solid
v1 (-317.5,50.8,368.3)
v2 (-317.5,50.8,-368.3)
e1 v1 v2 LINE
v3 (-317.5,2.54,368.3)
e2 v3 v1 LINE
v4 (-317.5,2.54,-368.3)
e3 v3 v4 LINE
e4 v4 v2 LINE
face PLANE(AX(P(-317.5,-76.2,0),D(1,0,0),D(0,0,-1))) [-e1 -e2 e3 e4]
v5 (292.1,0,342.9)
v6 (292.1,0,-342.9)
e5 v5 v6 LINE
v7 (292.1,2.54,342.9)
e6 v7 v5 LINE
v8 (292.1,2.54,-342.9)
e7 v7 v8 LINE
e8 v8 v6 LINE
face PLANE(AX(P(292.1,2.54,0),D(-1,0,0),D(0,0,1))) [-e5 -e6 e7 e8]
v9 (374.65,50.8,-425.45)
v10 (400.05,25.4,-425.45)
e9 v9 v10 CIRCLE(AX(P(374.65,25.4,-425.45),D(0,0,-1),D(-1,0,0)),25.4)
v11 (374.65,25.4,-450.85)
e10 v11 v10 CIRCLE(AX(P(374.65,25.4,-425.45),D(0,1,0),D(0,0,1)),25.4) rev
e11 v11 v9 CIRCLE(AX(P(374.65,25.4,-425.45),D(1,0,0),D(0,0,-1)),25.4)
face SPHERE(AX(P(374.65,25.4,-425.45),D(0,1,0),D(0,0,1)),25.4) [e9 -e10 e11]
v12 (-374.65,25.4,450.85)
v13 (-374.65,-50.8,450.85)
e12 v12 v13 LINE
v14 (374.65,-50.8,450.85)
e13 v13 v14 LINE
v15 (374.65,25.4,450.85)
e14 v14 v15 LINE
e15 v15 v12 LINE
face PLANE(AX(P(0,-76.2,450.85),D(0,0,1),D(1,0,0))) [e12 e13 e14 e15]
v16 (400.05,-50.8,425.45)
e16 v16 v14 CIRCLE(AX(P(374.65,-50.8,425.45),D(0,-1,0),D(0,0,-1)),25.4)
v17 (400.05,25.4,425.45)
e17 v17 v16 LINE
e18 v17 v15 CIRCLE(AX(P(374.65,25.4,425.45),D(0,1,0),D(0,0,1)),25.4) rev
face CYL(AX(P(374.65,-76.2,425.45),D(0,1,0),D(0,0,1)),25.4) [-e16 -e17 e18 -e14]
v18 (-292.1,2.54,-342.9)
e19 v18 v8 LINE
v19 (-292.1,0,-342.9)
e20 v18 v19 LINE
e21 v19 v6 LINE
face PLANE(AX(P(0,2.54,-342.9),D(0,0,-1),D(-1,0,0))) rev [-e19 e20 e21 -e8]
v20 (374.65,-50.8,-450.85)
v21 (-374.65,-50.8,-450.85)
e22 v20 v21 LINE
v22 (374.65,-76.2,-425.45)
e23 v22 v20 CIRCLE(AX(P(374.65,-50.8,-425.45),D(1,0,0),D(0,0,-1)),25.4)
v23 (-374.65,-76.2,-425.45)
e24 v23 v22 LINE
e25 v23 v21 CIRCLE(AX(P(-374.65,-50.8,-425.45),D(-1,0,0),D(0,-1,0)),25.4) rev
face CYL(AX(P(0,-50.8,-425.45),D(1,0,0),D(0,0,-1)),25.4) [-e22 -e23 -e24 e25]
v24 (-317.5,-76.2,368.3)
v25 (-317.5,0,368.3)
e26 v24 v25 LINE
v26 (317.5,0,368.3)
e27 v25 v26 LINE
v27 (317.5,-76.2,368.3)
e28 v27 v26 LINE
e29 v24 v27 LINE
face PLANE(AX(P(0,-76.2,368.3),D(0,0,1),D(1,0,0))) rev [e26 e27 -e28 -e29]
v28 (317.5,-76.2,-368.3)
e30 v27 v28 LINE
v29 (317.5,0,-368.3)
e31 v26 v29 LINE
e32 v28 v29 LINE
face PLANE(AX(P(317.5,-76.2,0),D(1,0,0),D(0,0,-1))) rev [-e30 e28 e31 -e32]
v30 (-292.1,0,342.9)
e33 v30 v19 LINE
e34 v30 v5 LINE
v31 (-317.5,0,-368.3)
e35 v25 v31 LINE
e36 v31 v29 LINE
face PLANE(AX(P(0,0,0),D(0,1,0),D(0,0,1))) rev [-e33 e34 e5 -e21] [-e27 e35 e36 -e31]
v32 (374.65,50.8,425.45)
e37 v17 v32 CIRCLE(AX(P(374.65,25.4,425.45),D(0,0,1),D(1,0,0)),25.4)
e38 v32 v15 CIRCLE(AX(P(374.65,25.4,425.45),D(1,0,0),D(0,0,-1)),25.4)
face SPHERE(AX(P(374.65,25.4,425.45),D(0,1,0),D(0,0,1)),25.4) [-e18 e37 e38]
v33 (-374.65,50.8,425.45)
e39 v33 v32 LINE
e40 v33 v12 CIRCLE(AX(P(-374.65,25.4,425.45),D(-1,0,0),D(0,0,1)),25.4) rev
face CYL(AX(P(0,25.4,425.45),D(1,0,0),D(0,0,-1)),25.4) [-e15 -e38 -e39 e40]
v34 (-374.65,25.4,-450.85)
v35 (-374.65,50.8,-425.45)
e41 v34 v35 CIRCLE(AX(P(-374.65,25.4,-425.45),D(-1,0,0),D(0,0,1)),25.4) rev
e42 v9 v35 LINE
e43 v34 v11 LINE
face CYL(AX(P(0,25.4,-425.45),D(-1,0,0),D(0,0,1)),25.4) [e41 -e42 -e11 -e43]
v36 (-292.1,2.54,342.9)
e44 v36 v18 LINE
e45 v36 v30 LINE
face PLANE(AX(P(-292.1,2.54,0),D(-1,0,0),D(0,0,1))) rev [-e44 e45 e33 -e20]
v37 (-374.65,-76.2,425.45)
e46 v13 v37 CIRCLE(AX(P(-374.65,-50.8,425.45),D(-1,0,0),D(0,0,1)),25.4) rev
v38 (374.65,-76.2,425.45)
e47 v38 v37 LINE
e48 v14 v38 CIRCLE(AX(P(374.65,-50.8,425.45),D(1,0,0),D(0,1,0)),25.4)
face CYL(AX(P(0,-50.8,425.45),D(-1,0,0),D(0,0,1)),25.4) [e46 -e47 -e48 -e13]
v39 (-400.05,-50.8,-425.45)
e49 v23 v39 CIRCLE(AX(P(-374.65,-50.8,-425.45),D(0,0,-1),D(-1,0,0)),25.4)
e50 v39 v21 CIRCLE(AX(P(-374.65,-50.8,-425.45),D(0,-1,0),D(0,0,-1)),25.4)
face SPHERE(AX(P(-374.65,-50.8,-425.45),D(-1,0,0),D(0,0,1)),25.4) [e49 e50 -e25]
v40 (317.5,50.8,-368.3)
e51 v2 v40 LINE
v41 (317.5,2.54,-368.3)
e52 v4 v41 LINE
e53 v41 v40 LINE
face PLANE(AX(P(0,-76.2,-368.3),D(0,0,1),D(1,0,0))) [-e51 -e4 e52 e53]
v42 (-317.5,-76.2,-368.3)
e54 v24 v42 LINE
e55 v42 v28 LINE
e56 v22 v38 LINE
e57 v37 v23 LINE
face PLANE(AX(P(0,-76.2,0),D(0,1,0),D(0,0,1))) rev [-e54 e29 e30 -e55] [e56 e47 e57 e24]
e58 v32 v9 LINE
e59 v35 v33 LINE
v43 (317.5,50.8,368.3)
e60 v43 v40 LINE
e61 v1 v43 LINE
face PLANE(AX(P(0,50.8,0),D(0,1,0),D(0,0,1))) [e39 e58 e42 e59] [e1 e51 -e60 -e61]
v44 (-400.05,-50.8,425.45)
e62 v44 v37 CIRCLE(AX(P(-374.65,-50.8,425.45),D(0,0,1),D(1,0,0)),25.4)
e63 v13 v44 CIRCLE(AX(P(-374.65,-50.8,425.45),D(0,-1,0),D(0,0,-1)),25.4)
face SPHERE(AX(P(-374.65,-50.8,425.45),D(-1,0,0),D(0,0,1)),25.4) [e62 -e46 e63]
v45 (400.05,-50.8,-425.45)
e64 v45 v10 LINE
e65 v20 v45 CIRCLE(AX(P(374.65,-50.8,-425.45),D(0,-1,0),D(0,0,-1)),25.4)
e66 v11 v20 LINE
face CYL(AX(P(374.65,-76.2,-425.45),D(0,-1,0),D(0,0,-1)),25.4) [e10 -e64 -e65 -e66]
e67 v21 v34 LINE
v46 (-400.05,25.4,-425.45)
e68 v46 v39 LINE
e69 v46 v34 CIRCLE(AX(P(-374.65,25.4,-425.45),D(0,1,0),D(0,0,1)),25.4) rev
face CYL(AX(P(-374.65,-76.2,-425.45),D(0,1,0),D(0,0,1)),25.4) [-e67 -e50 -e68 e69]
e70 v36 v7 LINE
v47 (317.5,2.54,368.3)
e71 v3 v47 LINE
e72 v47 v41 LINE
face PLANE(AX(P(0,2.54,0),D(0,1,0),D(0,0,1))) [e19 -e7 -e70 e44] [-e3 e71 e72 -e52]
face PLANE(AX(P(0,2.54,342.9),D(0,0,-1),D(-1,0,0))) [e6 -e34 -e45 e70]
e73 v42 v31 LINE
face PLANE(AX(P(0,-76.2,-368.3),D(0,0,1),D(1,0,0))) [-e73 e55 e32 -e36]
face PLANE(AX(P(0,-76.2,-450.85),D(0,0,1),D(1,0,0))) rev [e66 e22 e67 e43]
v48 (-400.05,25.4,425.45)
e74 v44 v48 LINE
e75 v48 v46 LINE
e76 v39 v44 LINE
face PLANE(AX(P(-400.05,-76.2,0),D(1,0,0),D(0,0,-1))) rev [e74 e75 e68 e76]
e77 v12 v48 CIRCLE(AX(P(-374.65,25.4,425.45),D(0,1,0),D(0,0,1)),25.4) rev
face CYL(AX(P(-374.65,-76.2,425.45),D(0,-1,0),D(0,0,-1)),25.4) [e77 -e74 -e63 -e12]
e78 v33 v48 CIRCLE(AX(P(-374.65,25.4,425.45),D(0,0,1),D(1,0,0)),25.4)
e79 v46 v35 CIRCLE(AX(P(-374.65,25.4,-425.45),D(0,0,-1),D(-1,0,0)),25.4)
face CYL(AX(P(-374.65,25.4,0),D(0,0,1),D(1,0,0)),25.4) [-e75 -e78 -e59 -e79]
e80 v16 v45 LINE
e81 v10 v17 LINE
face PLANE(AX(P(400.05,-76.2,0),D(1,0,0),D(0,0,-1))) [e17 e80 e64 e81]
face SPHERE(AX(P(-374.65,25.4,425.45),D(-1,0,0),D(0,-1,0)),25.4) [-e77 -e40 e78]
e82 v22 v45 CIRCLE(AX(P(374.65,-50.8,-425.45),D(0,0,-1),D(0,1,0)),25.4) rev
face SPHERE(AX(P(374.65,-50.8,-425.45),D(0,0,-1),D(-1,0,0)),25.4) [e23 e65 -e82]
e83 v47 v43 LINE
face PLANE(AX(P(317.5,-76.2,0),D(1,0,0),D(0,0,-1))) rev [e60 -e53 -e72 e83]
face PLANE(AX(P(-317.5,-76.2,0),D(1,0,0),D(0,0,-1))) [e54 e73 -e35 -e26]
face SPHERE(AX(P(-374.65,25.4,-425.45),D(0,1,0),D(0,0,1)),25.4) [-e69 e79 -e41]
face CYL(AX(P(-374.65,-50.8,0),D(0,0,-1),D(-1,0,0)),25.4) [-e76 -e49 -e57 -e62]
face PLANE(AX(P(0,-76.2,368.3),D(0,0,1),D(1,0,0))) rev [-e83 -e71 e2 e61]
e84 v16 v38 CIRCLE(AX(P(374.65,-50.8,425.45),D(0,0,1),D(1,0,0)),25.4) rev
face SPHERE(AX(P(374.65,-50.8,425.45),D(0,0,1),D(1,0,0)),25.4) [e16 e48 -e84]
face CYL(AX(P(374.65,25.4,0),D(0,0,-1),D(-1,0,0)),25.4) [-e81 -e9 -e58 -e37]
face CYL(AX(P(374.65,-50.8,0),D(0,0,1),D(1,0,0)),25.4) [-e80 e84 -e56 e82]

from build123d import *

# Parameters (mm, degrees)
BOSS_EXTRUDE1_DEPTH      = 50.8
BOSS_EXTRUDE1_DEPTH_BACK = 76.2
SKETCH1_W                = 800.1
SKETCH1_H                = 901.7
SKETCH1_W_2              = 635
SKETCH1_H_2              = 736.6
SKETCH1_3_W              = 635
SKETCH1_3_H              = 736.6
SKETCH1_3_W_2            = 584.2
SKETCH1_3_H_2            = 685.8
BOSS_EXTRUDE2_DEPTH      = 2.54
FILLET1_R                = 25.4


with BuildPart() as part:
    # Sketch1 → Boss-Extrude1 (new, two sides: drawn at the far end of the back side and taken through both)
    with BuildSketch(Plane(origin=(0, 0, 0), x_dir=(1, 0, 0), z_dir=(0, 1, 0)).offset(-BOSS_EXTRUDE1_DEPTH_BACK)):
        Rectangle(SKETCH1_W, SKETCH1_H)
        Rectangle(SKETCH1_W_2, SKETCH1_H_2, mode=Mode.SUBTRACT)
    extrude(amount=BOSS_EXTRUDE1_DEPTH + BOSS_EXTRUDE1_DEPTH_BACK)

    # Sketch1<3> → Boss-Extrude2 (add)
    with BuildSketch(Plane(origin=(0, 0, 0), x_dir=(1, 0, 0), z_dir=(0, 1, 0))):
        Rectangle(SKETCH1_3_W, SKETCH1_3_H)
        Rectangle(SKETCH1_3_W_2, SKETCH1_3_H_2, mode=Mode.SUBTRACT)
    extrude(amount=BOSS_EXTRUDE2_DEPTH)

    # Fillet1
    fillet1_edges = [part.edges().sort_by_distance(p)[0] for p in [
        (0, -76.2, 450.85),
        (-400.05, -12.7, -450.85),
        (400.05, -12.7, -450.85),
        (400.05, -76.2, 0),
        (400.05, -12.7, 450.85),
        (-400.05, -12.7, 450.85),
        (0, -76.2, -450.85),
        (-400.05, 50.8, 0),
        (0, 50.8, -450.85),
        (0, 50.8, 450.85),
        (400.05, 50.8, 0),
        (-400.05, -76.2, 0),
    ]]
    fillet(fillet1_edges, radius=FILLET1_R)


solid = part.part
